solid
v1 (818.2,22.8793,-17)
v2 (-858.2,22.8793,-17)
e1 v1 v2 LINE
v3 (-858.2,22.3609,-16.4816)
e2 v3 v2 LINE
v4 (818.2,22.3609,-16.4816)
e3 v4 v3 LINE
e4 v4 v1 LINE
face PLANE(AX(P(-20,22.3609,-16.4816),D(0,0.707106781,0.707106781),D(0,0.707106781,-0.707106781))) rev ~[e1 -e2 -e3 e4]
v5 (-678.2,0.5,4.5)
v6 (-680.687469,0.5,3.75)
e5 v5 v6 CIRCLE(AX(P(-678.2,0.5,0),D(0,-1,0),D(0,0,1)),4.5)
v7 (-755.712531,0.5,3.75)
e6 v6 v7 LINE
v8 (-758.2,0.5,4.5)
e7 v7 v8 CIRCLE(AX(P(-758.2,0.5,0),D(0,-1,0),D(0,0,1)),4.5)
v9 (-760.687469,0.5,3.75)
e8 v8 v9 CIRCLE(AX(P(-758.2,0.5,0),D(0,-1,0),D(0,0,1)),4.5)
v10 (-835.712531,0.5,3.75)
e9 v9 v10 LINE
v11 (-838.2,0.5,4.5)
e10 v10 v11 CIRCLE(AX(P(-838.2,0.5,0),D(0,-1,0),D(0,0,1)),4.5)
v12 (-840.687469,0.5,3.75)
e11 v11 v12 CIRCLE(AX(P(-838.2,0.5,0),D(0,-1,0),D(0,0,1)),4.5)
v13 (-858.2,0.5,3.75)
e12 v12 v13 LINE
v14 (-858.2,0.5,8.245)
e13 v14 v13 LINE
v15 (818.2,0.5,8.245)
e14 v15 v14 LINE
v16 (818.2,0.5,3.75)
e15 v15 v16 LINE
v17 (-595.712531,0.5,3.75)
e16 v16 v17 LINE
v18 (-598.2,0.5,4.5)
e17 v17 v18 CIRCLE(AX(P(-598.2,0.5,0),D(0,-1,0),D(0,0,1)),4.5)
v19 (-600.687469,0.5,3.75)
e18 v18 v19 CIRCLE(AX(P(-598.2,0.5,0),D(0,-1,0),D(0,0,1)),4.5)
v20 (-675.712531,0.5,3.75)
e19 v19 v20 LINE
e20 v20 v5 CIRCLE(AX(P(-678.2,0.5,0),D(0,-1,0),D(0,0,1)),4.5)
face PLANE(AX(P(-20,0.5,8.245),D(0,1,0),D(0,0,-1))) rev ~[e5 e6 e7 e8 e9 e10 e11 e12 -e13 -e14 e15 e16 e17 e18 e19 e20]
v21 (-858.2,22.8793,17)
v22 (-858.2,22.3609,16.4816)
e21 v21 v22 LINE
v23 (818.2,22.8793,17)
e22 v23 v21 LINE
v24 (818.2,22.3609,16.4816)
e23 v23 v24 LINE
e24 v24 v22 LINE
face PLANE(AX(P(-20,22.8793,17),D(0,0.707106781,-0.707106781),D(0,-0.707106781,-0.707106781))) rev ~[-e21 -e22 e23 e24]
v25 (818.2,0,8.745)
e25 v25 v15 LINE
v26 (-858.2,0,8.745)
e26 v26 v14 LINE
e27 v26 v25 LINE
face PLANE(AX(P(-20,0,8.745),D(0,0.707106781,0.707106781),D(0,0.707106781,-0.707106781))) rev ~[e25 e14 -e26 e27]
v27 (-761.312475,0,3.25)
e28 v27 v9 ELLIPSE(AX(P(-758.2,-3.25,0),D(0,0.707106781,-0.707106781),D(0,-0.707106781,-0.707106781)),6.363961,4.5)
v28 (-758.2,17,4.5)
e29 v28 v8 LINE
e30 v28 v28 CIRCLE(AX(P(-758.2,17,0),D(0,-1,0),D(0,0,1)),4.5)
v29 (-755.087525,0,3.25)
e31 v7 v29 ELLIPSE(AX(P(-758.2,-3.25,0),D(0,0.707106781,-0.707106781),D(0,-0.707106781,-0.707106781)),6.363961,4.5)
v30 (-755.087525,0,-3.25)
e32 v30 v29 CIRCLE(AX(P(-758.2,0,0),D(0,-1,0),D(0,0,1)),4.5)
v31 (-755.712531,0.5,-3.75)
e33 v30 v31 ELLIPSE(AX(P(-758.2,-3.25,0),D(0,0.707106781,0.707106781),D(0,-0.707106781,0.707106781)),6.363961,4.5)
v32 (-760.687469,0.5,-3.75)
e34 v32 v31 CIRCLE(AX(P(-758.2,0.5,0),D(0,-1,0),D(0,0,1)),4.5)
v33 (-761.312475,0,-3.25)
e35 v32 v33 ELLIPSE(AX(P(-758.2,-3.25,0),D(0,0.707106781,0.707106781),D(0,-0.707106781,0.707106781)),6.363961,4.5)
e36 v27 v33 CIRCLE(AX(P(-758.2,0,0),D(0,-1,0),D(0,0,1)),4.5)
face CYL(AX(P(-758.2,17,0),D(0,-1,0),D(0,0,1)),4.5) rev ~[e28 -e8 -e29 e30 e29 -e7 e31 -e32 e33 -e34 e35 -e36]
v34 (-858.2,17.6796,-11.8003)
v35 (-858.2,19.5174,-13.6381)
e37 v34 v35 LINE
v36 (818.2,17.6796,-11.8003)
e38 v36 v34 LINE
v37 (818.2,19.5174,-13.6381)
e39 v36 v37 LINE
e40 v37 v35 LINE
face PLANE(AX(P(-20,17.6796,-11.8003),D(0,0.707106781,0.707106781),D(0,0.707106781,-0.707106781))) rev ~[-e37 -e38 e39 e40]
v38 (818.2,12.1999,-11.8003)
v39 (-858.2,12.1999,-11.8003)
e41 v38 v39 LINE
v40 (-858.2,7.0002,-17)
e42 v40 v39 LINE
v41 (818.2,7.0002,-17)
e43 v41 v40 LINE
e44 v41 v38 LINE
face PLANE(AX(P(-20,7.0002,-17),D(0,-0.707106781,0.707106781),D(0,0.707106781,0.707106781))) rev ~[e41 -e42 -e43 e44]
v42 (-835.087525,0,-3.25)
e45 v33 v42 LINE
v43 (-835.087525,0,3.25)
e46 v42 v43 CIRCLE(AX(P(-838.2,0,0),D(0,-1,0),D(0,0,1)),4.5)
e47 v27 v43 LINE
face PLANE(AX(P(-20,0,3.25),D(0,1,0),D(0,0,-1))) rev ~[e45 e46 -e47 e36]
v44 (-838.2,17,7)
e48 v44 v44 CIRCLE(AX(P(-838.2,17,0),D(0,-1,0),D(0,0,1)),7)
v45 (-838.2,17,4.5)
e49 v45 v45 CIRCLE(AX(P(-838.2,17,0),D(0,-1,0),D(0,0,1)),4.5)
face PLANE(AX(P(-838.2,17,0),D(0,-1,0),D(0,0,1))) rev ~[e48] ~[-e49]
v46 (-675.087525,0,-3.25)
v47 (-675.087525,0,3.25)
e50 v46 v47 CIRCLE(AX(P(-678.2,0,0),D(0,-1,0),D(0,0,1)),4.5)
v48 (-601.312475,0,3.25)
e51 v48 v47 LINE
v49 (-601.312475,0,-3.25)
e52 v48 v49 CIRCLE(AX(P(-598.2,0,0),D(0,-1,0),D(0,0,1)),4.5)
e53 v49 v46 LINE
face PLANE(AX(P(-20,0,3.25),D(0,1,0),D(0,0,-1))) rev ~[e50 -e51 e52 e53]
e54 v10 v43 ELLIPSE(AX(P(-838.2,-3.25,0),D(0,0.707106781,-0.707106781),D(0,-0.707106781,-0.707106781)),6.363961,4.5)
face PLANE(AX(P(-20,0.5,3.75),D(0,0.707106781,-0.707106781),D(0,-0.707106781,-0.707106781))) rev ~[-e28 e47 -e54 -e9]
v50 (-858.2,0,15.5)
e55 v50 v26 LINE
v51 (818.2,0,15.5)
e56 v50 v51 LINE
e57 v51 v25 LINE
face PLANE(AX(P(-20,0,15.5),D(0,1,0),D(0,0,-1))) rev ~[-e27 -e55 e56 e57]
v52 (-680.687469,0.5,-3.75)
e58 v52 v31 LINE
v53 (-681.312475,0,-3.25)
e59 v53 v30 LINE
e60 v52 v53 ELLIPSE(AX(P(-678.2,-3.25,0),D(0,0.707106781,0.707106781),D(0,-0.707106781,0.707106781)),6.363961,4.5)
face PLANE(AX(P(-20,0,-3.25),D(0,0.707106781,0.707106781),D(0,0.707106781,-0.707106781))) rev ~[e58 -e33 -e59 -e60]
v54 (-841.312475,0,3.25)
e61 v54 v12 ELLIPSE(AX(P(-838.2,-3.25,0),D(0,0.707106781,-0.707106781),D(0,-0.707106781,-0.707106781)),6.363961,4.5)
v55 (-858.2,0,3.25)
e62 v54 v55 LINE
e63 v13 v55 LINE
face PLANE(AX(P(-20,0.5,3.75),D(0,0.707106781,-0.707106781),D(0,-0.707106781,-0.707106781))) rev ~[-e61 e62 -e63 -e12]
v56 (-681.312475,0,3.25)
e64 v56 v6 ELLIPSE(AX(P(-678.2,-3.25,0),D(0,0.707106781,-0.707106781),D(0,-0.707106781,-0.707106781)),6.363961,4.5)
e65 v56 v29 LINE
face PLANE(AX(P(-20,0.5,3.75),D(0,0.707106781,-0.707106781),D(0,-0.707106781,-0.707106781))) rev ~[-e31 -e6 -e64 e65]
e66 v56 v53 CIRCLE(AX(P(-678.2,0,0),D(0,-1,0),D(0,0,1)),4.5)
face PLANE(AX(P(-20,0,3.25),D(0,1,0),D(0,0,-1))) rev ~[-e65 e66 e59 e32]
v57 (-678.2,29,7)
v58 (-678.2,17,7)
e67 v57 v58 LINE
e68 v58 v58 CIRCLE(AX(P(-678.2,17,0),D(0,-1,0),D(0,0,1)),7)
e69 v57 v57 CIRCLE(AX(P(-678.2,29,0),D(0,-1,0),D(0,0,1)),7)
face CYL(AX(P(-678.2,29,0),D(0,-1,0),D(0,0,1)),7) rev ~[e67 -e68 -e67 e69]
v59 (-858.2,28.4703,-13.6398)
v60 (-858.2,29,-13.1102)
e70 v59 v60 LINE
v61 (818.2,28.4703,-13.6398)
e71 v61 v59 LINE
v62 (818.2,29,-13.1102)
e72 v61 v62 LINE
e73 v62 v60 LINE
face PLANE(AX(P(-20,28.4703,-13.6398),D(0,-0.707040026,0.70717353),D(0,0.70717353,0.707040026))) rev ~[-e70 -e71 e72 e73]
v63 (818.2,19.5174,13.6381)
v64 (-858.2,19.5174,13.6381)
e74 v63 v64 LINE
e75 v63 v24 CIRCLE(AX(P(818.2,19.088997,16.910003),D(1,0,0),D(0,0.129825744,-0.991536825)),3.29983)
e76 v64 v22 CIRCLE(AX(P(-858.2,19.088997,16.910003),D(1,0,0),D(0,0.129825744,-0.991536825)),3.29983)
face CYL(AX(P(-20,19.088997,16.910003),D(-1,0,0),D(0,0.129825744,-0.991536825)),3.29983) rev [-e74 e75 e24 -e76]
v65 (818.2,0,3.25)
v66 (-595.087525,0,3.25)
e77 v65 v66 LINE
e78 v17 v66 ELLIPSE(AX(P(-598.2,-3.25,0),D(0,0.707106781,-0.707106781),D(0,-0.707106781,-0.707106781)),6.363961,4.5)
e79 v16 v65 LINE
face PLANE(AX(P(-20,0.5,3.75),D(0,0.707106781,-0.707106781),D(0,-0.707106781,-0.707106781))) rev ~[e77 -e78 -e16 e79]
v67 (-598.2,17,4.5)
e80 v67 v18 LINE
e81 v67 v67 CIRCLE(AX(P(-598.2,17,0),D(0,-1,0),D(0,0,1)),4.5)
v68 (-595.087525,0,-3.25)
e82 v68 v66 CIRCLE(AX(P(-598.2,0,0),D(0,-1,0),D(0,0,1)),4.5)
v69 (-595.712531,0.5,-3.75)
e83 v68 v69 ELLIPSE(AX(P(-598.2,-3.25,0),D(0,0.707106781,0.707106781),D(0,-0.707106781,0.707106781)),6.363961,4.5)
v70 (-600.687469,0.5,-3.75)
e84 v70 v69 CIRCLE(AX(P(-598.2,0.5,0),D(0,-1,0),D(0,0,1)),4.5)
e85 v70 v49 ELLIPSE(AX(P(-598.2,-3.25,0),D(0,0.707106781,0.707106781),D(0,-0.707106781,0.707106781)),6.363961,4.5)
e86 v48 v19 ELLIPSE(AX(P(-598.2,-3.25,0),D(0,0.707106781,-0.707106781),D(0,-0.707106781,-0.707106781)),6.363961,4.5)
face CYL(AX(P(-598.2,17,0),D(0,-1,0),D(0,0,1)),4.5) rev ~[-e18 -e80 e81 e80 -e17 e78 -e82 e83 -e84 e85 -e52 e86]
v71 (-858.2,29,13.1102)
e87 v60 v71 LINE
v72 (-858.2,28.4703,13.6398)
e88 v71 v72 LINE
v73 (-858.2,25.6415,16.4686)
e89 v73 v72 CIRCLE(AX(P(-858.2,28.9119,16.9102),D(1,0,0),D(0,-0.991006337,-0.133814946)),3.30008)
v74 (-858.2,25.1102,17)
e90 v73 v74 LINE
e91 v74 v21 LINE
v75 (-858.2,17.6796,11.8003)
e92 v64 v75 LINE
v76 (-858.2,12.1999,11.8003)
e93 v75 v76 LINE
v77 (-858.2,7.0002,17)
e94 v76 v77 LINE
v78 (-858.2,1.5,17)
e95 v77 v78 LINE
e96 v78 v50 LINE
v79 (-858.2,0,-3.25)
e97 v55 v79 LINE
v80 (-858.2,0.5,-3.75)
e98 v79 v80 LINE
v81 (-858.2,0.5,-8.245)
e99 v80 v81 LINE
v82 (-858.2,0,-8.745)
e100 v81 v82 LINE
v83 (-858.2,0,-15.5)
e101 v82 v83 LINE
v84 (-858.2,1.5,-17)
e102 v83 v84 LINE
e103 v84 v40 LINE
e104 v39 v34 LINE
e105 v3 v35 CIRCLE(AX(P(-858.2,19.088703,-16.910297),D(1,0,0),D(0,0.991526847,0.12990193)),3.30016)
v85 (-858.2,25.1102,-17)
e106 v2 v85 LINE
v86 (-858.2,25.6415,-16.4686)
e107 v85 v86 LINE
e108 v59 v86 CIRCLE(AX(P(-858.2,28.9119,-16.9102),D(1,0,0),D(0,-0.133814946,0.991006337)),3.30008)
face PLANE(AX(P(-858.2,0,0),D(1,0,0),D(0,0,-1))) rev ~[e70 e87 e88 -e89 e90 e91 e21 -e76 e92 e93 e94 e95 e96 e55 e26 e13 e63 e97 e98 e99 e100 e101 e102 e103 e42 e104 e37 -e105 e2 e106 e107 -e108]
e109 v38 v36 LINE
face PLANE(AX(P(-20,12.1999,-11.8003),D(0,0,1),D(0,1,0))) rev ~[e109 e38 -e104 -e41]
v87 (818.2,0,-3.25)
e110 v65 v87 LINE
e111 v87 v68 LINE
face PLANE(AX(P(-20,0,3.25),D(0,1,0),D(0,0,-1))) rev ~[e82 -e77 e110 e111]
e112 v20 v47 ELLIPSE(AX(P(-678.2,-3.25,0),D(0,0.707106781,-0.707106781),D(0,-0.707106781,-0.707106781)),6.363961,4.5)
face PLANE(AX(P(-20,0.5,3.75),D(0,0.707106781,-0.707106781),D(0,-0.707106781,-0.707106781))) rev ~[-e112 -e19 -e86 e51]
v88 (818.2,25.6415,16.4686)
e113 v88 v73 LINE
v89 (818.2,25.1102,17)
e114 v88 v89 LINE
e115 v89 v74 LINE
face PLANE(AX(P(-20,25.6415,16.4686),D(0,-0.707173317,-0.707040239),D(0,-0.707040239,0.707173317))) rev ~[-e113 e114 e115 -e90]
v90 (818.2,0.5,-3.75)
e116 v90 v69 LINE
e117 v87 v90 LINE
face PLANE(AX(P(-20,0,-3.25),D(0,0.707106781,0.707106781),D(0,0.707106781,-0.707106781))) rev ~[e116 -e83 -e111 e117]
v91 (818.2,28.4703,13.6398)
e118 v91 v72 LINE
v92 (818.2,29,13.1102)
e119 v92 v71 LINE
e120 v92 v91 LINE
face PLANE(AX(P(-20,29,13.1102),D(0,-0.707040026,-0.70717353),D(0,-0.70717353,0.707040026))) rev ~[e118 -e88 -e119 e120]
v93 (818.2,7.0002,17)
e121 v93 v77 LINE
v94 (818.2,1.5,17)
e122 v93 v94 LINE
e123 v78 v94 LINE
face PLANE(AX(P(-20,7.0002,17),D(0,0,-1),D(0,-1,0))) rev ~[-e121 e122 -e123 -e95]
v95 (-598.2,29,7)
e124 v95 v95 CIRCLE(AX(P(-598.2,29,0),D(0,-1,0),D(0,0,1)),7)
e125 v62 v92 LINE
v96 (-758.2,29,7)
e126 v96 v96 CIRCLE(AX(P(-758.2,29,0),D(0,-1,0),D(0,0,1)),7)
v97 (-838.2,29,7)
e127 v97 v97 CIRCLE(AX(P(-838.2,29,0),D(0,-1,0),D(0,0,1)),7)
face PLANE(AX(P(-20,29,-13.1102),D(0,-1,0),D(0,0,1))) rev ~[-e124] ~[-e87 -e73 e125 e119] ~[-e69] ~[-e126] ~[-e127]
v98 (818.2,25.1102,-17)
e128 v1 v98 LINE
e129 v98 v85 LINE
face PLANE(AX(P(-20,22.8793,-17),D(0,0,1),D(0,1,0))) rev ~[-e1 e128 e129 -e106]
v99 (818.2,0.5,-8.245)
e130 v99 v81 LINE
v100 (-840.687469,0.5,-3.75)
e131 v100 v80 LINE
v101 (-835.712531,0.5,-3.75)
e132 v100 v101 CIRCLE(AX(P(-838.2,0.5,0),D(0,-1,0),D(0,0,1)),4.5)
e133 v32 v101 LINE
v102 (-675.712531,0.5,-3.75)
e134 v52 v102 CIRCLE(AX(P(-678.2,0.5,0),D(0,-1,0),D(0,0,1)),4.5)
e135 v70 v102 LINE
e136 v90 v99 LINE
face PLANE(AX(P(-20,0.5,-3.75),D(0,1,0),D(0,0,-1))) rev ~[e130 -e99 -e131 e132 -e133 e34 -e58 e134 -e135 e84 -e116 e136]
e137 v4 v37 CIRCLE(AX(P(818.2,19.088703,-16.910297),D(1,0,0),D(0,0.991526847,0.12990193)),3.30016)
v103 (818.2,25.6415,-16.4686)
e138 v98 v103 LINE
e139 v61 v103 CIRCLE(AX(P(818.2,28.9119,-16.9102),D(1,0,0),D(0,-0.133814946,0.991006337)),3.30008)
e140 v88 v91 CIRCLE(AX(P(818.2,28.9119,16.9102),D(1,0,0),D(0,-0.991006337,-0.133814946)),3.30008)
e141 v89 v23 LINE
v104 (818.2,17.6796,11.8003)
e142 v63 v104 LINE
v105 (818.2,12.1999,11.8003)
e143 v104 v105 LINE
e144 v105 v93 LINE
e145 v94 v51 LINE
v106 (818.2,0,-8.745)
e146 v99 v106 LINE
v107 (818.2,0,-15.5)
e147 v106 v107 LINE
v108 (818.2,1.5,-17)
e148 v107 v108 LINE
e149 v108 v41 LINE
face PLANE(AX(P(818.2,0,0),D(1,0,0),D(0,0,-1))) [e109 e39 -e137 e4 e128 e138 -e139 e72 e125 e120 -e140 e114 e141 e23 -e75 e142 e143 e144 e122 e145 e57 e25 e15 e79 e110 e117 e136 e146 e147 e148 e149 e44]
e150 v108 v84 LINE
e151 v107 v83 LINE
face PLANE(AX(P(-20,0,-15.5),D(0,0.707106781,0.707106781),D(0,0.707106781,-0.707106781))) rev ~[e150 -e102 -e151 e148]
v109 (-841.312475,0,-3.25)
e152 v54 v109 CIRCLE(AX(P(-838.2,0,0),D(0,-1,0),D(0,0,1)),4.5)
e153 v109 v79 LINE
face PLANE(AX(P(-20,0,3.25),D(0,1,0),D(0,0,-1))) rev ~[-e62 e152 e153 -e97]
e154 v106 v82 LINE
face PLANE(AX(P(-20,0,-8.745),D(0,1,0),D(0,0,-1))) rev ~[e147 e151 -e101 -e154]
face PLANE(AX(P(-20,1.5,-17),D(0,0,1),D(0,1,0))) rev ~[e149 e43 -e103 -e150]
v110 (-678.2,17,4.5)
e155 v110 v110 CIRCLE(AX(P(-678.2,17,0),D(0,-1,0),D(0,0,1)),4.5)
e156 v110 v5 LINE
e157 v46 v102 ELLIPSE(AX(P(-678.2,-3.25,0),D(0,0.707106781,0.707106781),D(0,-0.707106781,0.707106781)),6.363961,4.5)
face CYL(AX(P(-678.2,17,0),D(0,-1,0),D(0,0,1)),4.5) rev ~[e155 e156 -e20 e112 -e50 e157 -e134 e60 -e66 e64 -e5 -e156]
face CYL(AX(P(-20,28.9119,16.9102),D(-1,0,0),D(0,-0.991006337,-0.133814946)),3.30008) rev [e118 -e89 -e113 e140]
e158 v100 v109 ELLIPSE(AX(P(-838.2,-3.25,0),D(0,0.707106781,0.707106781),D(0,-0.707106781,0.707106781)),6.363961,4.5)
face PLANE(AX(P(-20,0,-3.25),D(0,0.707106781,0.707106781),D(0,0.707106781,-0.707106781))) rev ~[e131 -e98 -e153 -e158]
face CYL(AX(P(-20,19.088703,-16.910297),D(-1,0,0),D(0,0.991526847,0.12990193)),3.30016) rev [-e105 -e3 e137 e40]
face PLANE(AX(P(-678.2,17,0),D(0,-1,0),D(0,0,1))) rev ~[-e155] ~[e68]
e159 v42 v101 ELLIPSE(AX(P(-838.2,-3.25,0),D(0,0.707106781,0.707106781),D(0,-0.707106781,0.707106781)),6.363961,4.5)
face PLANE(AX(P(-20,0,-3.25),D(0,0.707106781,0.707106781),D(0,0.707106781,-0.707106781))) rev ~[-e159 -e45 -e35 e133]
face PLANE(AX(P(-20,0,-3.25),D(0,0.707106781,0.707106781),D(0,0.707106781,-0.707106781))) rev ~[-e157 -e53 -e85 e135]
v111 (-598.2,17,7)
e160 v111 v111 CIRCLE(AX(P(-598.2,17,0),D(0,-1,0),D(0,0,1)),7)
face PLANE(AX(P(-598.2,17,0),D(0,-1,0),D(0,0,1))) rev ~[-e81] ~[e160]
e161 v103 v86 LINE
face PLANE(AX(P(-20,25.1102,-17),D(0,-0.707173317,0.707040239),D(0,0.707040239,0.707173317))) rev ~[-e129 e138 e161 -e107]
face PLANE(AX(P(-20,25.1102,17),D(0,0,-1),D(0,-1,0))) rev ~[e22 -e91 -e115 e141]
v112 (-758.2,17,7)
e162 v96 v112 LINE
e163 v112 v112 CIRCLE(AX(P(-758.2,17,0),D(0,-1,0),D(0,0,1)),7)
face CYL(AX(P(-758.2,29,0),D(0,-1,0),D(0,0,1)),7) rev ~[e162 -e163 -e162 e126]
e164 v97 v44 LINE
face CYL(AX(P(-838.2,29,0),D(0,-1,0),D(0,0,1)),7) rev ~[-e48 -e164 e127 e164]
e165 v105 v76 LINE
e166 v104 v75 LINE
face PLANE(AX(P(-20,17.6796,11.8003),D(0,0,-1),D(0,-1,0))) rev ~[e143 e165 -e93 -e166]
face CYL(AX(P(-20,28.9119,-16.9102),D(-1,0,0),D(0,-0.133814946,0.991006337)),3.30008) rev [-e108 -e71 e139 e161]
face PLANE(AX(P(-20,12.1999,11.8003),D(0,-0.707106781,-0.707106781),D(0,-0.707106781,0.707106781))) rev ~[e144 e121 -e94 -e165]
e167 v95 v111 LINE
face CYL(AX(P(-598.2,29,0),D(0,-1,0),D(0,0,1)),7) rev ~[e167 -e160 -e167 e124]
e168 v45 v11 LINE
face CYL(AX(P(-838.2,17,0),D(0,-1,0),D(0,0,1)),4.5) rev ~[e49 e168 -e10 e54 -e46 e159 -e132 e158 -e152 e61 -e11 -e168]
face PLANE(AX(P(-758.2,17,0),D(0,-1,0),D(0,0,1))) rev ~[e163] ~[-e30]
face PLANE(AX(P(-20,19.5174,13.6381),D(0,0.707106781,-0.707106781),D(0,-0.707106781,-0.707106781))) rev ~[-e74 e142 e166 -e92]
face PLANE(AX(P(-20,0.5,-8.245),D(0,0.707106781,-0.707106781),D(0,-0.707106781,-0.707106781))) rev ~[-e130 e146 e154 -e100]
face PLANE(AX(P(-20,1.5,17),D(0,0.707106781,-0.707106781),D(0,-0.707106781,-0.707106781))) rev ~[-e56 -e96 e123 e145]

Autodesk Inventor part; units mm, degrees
sketch "Sketch_18" plane through (-20, 0, 0) normal (1, 0, 0) x (0, 0, -1)
  line L0 (-17, 1.5) -> (-15.5, 0)
  line L1 (-15.5, 0) -> (-8.745, 0)
  line L2 (-8.745, 0) -> (-8.245, 0.5)
  line L3 (-8.245, 0.5) -> (-3.75, 0.5)
  line L4 (-3.75, 0.5) -> (-3.25, 0)
  line L5 (-3.25, 0) -> (3.25, 0)
  line L6 (3.25, 0) -> (3.75, 0.5)
  line L7 (3.75, 0.5) -> (8.245, 0.5)
  line L8 (8.245, 0.5) -> (8.745, 0)
  line L9 (8.745, 0) -> (15.5, 0)
  line L10 (15.5, 0) -> (17, 1.5)
  line L11 (17, 1.5) -> (17, 7.0002)
  line L12 (17, 7.0002) -> (11.8003, 12.1999)
  line L13 (11.8003, 12.1999) -> (11.8003, 17.6796)
  line L14 (11.8003, 17.6796) -> (13.6381, 19.5174)
  arc A0 (16.4816, 22.3609) -> (13.6381, 19.5174) centre (16.9102, 19.0889) ccw
  line L15 (16.4816, 22.3609) -> (17, 22.8793)
  line L16 (17, 22.8793) -> (17, 25.1102)
  line L17 (17, 25.1102) -> (16.4686, 25.6415)
  arc A1 (13.6398, 28.4703) -> (16.4686, 25.6415) centre (16.9102, 28.9119) ccw
  line L18 (13.6398, 28.4703) -> (13.1102, 29)
  line L19 (13.1102, 29) -> (-13.1102, 29)
  line L20 (-13.1102, 29) -> (-13.6398, 28.4703)
  arc A2 (-16.4686, 25.6415) -> (-13.6398, 28.4703) centre (-16.9102, 28.9119) ccw
  line L21 (-16.4686, 25.6415) -> (-17, 25.1102)
  line L22 (-17, 25.1102) -> (-17, 22.8793)
  line L23 (-17, 22.8793) -> (-16.4816, 22.3609)
  arc A3 (-13.6381, 19.5174) -> (-16.4816, 22.3609) centre (-16.9102, 19.0889) ccw
  line L24 (-13.6381, 19.5174) -> (-11.8003, 17.6796)
  line L25 (-11.8003, 17.6796) -> (-11.8003, 12.1999)
  line L26 (-11.8003, 12.1999) -> (-17, 7.0002)
  line L27 (-17, 7.0002) -> (-17, 1.5)
extrude "Extrusion1" add sketch "Sketch_18" along normal mid plane 1676.4
sketch "Sketch2" plane through (-858.2, 29, 13.1102) normal (0, 1, 0) x (1, 0, 0)
  point P0 (20, 13.1102)
hole "Hole1" at (-838.2, 29, 0) direction (0, -1, 0) diameter 9 depth 29 counterbore diameter 14 counterbore depth 12
pattern_linear "Rectangular Pattern1" count 4 spacing 80 along (1, 0, 0) of "Hole1"
ref_plane "4dummy_XY" through (0, 0, 0) normal (1, 0, 0) x (0, 0, -1)
ref_plane "4dummy_YZ" through (0, 0, 0) normal (0, 0, -1) x (0, 1, 0)
ref_plane "4dummy_ZX" through (0, 0, 0) normal (0, 1, 0) x (1, 0, 0)
ref_plane "4slide_XY" through (-20, 7.5, 0) normal (1, 0, 0) x (0, 0, -1)
ref_plane "4slide_YZ" through (-20, 7.5, 0) normal (0, 0, -1) x (0, 1, 0)
ref_plane "4slide_ZX" through (-20, 7.5, 0) normal (0, 1, 0) x (1, 0, 0)
ref_plane "4track_XY" through (0, 0, 0) normal (0, 0, 1) x (1, 0, 0)
ref_plane "4track_YZ" through (0, 0, 0) normal (1, 0, 0) x (0, 1, 0)
ref_plane "4track_ZX" through (0, 0, 0) normal (0, 1, 0) x (0, 0, 1)
properties part number "HSR35R128020 Rail"
